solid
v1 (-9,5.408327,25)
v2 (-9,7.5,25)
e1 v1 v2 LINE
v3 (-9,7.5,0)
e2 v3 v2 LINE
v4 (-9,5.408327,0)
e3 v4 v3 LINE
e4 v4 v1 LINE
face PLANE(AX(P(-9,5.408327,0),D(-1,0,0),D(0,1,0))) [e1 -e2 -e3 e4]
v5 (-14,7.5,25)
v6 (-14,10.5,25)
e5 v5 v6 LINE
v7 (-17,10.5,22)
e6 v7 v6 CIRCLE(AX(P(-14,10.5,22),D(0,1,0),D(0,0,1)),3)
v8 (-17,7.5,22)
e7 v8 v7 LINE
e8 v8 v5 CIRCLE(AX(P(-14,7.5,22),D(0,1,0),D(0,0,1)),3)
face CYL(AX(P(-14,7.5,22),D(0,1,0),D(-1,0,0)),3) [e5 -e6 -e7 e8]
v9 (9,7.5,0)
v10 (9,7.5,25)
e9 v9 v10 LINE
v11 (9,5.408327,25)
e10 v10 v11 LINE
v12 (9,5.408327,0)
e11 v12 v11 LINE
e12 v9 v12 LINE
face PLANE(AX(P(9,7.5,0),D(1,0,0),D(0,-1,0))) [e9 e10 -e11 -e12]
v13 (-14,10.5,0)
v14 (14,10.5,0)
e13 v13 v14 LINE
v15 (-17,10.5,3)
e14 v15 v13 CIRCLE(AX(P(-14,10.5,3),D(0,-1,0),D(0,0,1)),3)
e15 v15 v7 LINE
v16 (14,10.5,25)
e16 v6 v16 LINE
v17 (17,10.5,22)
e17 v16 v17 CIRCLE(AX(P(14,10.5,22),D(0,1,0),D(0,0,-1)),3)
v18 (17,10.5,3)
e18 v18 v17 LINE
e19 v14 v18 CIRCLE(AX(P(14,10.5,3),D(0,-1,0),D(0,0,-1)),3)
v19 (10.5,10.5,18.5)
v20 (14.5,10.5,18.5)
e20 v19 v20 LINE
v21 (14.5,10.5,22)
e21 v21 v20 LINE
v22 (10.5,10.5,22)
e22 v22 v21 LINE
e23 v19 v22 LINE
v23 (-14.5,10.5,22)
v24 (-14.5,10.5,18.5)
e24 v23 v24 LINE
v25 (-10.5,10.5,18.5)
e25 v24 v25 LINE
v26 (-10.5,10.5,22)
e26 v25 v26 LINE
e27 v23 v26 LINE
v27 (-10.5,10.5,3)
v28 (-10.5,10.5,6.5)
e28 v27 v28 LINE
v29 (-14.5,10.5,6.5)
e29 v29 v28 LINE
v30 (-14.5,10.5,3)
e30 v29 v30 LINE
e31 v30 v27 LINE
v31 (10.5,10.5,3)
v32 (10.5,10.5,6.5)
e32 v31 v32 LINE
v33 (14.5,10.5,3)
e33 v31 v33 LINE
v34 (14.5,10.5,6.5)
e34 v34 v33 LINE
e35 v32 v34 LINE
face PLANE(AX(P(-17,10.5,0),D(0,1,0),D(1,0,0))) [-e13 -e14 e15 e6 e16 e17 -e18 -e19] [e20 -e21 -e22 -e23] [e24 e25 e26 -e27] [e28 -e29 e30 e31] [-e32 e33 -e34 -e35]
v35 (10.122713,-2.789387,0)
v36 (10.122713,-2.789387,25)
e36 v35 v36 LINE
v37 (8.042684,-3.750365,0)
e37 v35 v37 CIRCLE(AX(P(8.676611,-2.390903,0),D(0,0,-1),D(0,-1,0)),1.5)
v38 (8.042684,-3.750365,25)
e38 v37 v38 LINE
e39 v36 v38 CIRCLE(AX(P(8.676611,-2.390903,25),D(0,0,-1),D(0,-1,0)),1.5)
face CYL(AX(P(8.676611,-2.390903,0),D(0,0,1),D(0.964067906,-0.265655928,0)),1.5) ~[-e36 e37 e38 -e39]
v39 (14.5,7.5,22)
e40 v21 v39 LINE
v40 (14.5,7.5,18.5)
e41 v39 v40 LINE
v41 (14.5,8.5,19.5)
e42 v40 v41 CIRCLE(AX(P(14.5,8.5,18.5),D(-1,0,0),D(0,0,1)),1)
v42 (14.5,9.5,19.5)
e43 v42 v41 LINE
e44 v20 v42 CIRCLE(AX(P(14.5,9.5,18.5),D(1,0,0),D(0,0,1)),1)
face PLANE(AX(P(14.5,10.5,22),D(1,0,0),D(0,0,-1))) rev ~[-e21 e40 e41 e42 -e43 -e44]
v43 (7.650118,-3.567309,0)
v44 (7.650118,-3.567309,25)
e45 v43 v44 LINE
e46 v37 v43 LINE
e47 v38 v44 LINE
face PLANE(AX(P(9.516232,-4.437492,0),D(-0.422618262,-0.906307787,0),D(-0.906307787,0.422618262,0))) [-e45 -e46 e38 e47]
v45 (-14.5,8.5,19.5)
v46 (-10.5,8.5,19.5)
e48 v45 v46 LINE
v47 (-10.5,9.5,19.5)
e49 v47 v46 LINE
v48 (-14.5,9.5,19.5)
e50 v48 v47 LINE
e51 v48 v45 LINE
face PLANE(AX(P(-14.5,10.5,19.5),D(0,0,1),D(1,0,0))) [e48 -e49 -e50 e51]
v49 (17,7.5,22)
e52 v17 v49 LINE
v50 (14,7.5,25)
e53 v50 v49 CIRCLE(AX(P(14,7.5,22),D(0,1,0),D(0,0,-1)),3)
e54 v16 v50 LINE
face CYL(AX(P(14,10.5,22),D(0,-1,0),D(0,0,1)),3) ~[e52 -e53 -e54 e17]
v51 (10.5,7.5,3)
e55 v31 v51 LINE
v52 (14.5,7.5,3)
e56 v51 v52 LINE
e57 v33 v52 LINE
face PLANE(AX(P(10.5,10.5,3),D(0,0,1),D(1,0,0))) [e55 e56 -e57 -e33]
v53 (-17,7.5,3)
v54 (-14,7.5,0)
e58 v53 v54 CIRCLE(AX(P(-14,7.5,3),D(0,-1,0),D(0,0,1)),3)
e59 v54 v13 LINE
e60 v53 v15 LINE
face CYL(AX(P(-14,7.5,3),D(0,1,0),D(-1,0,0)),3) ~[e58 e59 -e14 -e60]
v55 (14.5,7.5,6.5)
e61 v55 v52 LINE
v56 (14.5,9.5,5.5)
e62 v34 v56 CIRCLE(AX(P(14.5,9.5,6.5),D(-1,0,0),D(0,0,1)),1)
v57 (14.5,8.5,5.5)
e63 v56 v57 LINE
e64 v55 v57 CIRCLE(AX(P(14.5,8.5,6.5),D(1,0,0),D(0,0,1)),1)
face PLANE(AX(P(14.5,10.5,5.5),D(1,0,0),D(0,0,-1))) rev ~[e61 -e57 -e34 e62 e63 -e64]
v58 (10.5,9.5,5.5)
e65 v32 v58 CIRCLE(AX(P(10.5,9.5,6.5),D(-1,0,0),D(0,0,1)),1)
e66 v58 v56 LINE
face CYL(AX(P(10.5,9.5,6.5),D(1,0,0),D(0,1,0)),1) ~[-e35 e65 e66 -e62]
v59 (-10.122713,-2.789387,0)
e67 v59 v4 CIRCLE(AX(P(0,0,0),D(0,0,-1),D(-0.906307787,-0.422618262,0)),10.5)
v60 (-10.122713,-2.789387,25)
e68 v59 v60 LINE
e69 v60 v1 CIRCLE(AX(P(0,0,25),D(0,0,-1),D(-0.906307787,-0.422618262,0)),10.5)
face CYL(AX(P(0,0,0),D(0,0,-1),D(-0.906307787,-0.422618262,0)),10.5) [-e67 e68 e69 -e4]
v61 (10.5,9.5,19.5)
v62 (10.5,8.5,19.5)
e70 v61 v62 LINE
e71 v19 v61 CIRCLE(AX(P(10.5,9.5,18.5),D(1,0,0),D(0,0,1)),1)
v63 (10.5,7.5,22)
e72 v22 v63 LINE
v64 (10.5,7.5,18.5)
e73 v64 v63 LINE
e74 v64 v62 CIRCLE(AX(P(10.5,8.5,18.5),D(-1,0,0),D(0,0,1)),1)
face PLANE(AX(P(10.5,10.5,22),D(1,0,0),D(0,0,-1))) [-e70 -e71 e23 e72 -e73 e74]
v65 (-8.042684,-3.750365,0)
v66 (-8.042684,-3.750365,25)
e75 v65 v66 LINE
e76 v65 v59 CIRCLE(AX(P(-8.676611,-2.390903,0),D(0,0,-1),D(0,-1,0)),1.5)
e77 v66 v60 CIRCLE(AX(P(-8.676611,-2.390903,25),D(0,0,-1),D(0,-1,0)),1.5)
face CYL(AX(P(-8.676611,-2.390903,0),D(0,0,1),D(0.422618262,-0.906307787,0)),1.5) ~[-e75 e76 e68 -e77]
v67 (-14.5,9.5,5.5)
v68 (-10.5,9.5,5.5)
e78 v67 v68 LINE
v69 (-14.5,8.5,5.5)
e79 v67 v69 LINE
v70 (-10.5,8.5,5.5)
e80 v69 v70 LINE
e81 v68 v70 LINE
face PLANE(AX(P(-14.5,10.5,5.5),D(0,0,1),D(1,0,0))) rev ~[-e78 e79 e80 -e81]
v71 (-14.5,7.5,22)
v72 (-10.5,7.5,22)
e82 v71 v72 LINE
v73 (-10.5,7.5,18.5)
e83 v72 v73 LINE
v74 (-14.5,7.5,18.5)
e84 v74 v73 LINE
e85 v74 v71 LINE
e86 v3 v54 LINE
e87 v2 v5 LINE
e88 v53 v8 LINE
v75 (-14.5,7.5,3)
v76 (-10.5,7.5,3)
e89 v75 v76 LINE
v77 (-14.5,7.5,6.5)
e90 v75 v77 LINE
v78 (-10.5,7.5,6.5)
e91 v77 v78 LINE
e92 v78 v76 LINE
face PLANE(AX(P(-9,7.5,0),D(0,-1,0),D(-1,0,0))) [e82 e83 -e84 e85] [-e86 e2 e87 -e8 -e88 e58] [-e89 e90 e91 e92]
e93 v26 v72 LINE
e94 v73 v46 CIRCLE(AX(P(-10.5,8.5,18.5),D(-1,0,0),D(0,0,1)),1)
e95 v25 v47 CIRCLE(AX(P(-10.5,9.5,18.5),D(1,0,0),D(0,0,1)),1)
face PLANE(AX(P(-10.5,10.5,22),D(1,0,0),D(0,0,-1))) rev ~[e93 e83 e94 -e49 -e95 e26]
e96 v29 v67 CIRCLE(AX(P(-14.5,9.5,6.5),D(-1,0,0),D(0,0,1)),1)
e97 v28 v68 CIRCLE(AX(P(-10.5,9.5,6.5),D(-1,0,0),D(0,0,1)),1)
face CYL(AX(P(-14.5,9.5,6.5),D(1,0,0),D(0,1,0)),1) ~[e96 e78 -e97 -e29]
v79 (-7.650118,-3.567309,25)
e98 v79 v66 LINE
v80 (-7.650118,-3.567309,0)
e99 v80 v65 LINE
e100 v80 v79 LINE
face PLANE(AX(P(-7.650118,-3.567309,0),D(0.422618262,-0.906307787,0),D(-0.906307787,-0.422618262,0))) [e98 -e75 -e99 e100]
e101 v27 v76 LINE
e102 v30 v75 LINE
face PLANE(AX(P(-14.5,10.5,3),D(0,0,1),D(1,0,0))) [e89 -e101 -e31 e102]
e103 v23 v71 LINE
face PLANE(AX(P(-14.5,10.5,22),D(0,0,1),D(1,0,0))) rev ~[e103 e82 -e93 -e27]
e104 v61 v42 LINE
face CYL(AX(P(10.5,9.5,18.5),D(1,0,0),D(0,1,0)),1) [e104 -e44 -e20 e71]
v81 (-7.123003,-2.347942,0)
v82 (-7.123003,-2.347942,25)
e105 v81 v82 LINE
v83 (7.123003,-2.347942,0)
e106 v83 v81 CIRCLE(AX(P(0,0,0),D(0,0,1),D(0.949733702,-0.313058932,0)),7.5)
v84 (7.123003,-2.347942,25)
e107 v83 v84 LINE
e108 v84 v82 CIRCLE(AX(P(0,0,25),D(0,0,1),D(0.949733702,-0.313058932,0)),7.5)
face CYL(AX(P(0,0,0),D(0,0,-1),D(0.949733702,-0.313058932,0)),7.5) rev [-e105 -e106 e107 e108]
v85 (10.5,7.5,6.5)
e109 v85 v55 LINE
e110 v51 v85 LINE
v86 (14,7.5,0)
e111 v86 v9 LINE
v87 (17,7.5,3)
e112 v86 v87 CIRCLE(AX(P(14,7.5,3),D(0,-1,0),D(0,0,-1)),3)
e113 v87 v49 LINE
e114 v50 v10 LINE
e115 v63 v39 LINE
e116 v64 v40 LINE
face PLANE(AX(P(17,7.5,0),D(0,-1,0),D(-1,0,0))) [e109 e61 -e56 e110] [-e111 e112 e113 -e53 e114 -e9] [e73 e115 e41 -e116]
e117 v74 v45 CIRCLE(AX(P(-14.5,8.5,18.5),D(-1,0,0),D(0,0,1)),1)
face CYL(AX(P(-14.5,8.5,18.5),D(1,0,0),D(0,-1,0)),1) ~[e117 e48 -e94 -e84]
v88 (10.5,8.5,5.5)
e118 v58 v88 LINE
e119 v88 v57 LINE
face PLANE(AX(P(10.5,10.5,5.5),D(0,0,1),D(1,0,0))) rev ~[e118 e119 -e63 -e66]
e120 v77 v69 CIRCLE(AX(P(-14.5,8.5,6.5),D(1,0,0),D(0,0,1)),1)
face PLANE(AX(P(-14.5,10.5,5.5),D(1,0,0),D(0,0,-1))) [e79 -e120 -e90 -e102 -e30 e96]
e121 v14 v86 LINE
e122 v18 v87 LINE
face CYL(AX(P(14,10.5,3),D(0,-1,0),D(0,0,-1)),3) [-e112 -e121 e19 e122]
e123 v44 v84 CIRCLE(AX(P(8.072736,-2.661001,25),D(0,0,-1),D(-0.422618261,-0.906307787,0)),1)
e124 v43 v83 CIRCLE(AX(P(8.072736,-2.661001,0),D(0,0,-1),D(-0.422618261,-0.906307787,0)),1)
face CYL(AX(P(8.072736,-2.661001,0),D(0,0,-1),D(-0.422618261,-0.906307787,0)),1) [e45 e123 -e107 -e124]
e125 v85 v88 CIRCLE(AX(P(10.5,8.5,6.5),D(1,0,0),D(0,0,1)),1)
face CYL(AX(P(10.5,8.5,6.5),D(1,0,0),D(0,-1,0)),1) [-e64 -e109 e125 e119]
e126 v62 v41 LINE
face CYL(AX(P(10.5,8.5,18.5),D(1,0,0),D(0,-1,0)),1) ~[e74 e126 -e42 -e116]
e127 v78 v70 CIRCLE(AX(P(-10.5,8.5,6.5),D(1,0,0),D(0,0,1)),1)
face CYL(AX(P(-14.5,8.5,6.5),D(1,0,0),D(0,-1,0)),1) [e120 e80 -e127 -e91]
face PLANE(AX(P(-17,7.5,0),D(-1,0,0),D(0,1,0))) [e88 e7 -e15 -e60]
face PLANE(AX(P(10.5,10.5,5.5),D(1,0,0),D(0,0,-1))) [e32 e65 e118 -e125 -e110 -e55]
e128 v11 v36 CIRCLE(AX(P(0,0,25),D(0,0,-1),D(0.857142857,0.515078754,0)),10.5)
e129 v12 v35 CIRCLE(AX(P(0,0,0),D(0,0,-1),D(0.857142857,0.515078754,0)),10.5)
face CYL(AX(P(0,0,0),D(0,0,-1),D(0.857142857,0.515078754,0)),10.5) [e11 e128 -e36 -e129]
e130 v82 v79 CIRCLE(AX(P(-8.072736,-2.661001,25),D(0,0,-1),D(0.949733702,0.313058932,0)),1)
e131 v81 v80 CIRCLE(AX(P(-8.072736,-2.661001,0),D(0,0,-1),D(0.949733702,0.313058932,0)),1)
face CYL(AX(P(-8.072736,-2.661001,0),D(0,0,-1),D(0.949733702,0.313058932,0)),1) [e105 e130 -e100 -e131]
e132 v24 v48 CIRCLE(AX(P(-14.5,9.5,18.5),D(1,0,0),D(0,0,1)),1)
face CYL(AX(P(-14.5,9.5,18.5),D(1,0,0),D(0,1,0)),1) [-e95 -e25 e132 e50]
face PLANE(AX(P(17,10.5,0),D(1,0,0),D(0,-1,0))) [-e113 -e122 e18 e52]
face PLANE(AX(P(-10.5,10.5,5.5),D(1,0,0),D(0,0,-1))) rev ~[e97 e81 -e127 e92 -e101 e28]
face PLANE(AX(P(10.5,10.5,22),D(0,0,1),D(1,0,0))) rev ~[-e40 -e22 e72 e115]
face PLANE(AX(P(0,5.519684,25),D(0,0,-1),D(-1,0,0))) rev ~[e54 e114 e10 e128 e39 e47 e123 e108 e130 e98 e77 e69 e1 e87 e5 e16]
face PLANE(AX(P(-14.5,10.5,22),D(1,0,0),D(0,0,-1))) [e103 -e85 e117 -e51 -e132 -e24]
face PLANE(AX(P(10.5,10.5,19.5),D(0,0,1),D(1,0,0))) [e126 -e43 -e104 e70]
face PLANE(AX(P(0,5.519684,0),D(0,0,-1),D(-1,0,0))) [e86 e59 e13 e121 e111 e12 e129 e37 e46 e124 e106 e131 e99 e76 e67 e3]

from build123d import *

# Parameters (mm, degrees)
RESSALTO_EXTRUS_O1_DEPTH = 25
FILETE1_R                = 1.5
CORTE_EXTRUS_O1_REACH    = 35.483
ESBO_O3_W                = 4
ESBO_O3_H                = 2.5
FILETE2_R                = 1
FILETE3_R                = 3


with BuildPart() as part:
    # Esboço1 → Ressalto-extrusão1 (new body)
    with BuildSketch(Plane.XY):
        with BuildLine():
            Line((-17, 10.5), (17, 10.5))
            Line((17, 10.5), (17, 7.5))
            Line((17, 7.5), (9, 7.5))
            Line((9, 7.5), (9, 5.408326913))
            ThreePointArc((9, 5.408326913), (10.485597072, 0.549776353), (9.516231764, -4.437491748))
            Line((9.516231764, -4.437491748), (7.650118208, -3.567308706))
            ThreePointArc((7.650118208, -3.567308706), (7.15483055, -3.057799008), (7.123002767, -2.347941987))
            ThreePointArc((7.123002767, -2.347941987), (0, 7.5), (-7.123002767, -2.347941987))
            ThreePointArc((-7.123002767, -2.347941987), (-7.15483055, -3.057799008), (-7.650118208, -3.567308706))
            Line((-7.650118208, -3.567308706), (-9.516231764, -4.437491748))
            ThreePointArc((-9.516231764, -4.437491748), (-10.485597072, 0.549776353), (-9, 5.408326913))
            Line((-9, 5.408326913), (-9, 7.5))
            Line((-9, 7.5), (-17, 7.5))
            Line((-17, 7.5), (-17, 10.5))
        make_face()
    extrude(amount=RESSALTO_EXTRUS_O1_DEPTH)

    # Filete1
    filete1_edges = [part.edges().sort_by_distance(p)[0] for p in [
        (-9.516231764, -4.437491748, 12.5),
        (9.516231764, -4.437491748, 12.5),
    ]]
    fillet(filete1_edges, radius=FILETE1_R)

    # Esboço3 → Corte-extrusão1 (cut, up to next)
    with BuildSketch(Plane(origin=(0, 10.5, 0), x_dir=(1, 0, 0), z_dir=(0, 1, 0)), mode=Mode.PRIVATE) as corte_extrus_o1_sk1:
        with Locations((-12.5, -4.25)):
            Rectangle(ESBO_O3_W, ESBO_O3_H)
    corte_extrus_o1_tool1 = extrude(corte_extrus_o1_sk1.sketch, amount=-CORTE_EXTRUS_O1_REACH, mode=Mode.PRIVATE) & part.part
    # Esboço3 → Corte-extrusão1 (cut, up to next)
    with BuildSketch(Plane(origin=(0, 10.5, 0), x_dir=(1, 0, 0), z_dir=(0, 1, 0)), mode=Mode.PRIVATE) as corte_extrus_o1_sk2:
        with Locations((-12.5, -20.75)):
            Rectangle(ESBO_O3_W, ESBO_O3_H)
    corte_extrus_o1_tool2 = extrude(corte_extrus_o1_sk2.sketch, amount=-CORTE_EXTRUS_O1_REACH, mode=Mode.PRIVATE) & part.part
    # Esboço3 → Corte-extrusão1 (cut, up to next)
    with BuildSketch(Plane(origin=(0, 10.5, 0), x_dir=(1, 0, 0), z_dir=(0, 1, 0)), mode=Mode.PRIVATE) as corte_extrus_o1_sk3:
        with Locations((12.5, -20.75)):
            Rectangle(ESBO_O3_W, ESBO_O3_H)
    corte_extrus_o1_tool3 = extrude(corte_extrus_o1_sk3.sketch, amount=-CORTE_EXTRUS_O1_REACH, mode=Mode.PRIVATE) & part.part
    # Esboço3 → Corte-extrusão1 (cut, up to next)
    with BuildSketch(Plane(origin=(0, 10.5, 0), x_dir=(1, 0, 0), z_dir=(0, 1, 0)), mode=Mode.PRIVATE) as corte_extrus_o1_sk4:
        with Locations((12.5, -4.25)):
            Rectangle(ESBO_O3_W, ESBO_O3_H)
    corte_extrus_o1_tool4 = extrude(corte_extrus_o1_sk4.sketch, amount=-CORTE_EXTRUS_O1_REACH, mode=Mode.PRIVATE) & part.part
    add(corte_extrus_o1_tool1.solids().sort_by_distance((-12.5, 10.5, 4.25))[0], mode=Mode.SUBTRACT)
    add(corte_extrus_o1_tool2.solids().sort_by_distance((-12.5, 10.5, 20.75))[0], mode=Mode.SUBTRACT)
    add(corte_extrus_o1_tool3.solids().sort_by_distance((12.5, 10.5, 20.75))[0], mode=Mode.SUBTRACT)
    add(corte_extrus_o1_tool4.solids().sort_by_distance((12.5, 10.5, 4.25))[0], mode=Mode.SUBTRACT)

    # Filete2
    filete2_edges = [part.edges().sort_by_distance(p)[0] for p in [
        (12.5, 10.5, 5.5),
        (12.5, 7.5, 5.5),
        (12.5, 10.5, 19.5),
        (12.5, 7.5, 19.5),
        (-12.5, 10.5, 19.5),
        (-12.5, 7.5, 19.5),
        (-12.5, 10.5, 5.5),
        (-12.5, 7.5, 5.5),
    ]]
    fillet(filete2_edges, radius=FILETE2_R)

    # Filete3
    filete3_edges = [part.edges().sort_by_distance(p)[0] for p in [
        (-17, 9, 0),
        (17, 9, 0),
        (17, 9, 25),
        (-17, 9, 25),
    ]]
    fillet(filete3_edges, radius=FILETE3_R)


solid = part.part
